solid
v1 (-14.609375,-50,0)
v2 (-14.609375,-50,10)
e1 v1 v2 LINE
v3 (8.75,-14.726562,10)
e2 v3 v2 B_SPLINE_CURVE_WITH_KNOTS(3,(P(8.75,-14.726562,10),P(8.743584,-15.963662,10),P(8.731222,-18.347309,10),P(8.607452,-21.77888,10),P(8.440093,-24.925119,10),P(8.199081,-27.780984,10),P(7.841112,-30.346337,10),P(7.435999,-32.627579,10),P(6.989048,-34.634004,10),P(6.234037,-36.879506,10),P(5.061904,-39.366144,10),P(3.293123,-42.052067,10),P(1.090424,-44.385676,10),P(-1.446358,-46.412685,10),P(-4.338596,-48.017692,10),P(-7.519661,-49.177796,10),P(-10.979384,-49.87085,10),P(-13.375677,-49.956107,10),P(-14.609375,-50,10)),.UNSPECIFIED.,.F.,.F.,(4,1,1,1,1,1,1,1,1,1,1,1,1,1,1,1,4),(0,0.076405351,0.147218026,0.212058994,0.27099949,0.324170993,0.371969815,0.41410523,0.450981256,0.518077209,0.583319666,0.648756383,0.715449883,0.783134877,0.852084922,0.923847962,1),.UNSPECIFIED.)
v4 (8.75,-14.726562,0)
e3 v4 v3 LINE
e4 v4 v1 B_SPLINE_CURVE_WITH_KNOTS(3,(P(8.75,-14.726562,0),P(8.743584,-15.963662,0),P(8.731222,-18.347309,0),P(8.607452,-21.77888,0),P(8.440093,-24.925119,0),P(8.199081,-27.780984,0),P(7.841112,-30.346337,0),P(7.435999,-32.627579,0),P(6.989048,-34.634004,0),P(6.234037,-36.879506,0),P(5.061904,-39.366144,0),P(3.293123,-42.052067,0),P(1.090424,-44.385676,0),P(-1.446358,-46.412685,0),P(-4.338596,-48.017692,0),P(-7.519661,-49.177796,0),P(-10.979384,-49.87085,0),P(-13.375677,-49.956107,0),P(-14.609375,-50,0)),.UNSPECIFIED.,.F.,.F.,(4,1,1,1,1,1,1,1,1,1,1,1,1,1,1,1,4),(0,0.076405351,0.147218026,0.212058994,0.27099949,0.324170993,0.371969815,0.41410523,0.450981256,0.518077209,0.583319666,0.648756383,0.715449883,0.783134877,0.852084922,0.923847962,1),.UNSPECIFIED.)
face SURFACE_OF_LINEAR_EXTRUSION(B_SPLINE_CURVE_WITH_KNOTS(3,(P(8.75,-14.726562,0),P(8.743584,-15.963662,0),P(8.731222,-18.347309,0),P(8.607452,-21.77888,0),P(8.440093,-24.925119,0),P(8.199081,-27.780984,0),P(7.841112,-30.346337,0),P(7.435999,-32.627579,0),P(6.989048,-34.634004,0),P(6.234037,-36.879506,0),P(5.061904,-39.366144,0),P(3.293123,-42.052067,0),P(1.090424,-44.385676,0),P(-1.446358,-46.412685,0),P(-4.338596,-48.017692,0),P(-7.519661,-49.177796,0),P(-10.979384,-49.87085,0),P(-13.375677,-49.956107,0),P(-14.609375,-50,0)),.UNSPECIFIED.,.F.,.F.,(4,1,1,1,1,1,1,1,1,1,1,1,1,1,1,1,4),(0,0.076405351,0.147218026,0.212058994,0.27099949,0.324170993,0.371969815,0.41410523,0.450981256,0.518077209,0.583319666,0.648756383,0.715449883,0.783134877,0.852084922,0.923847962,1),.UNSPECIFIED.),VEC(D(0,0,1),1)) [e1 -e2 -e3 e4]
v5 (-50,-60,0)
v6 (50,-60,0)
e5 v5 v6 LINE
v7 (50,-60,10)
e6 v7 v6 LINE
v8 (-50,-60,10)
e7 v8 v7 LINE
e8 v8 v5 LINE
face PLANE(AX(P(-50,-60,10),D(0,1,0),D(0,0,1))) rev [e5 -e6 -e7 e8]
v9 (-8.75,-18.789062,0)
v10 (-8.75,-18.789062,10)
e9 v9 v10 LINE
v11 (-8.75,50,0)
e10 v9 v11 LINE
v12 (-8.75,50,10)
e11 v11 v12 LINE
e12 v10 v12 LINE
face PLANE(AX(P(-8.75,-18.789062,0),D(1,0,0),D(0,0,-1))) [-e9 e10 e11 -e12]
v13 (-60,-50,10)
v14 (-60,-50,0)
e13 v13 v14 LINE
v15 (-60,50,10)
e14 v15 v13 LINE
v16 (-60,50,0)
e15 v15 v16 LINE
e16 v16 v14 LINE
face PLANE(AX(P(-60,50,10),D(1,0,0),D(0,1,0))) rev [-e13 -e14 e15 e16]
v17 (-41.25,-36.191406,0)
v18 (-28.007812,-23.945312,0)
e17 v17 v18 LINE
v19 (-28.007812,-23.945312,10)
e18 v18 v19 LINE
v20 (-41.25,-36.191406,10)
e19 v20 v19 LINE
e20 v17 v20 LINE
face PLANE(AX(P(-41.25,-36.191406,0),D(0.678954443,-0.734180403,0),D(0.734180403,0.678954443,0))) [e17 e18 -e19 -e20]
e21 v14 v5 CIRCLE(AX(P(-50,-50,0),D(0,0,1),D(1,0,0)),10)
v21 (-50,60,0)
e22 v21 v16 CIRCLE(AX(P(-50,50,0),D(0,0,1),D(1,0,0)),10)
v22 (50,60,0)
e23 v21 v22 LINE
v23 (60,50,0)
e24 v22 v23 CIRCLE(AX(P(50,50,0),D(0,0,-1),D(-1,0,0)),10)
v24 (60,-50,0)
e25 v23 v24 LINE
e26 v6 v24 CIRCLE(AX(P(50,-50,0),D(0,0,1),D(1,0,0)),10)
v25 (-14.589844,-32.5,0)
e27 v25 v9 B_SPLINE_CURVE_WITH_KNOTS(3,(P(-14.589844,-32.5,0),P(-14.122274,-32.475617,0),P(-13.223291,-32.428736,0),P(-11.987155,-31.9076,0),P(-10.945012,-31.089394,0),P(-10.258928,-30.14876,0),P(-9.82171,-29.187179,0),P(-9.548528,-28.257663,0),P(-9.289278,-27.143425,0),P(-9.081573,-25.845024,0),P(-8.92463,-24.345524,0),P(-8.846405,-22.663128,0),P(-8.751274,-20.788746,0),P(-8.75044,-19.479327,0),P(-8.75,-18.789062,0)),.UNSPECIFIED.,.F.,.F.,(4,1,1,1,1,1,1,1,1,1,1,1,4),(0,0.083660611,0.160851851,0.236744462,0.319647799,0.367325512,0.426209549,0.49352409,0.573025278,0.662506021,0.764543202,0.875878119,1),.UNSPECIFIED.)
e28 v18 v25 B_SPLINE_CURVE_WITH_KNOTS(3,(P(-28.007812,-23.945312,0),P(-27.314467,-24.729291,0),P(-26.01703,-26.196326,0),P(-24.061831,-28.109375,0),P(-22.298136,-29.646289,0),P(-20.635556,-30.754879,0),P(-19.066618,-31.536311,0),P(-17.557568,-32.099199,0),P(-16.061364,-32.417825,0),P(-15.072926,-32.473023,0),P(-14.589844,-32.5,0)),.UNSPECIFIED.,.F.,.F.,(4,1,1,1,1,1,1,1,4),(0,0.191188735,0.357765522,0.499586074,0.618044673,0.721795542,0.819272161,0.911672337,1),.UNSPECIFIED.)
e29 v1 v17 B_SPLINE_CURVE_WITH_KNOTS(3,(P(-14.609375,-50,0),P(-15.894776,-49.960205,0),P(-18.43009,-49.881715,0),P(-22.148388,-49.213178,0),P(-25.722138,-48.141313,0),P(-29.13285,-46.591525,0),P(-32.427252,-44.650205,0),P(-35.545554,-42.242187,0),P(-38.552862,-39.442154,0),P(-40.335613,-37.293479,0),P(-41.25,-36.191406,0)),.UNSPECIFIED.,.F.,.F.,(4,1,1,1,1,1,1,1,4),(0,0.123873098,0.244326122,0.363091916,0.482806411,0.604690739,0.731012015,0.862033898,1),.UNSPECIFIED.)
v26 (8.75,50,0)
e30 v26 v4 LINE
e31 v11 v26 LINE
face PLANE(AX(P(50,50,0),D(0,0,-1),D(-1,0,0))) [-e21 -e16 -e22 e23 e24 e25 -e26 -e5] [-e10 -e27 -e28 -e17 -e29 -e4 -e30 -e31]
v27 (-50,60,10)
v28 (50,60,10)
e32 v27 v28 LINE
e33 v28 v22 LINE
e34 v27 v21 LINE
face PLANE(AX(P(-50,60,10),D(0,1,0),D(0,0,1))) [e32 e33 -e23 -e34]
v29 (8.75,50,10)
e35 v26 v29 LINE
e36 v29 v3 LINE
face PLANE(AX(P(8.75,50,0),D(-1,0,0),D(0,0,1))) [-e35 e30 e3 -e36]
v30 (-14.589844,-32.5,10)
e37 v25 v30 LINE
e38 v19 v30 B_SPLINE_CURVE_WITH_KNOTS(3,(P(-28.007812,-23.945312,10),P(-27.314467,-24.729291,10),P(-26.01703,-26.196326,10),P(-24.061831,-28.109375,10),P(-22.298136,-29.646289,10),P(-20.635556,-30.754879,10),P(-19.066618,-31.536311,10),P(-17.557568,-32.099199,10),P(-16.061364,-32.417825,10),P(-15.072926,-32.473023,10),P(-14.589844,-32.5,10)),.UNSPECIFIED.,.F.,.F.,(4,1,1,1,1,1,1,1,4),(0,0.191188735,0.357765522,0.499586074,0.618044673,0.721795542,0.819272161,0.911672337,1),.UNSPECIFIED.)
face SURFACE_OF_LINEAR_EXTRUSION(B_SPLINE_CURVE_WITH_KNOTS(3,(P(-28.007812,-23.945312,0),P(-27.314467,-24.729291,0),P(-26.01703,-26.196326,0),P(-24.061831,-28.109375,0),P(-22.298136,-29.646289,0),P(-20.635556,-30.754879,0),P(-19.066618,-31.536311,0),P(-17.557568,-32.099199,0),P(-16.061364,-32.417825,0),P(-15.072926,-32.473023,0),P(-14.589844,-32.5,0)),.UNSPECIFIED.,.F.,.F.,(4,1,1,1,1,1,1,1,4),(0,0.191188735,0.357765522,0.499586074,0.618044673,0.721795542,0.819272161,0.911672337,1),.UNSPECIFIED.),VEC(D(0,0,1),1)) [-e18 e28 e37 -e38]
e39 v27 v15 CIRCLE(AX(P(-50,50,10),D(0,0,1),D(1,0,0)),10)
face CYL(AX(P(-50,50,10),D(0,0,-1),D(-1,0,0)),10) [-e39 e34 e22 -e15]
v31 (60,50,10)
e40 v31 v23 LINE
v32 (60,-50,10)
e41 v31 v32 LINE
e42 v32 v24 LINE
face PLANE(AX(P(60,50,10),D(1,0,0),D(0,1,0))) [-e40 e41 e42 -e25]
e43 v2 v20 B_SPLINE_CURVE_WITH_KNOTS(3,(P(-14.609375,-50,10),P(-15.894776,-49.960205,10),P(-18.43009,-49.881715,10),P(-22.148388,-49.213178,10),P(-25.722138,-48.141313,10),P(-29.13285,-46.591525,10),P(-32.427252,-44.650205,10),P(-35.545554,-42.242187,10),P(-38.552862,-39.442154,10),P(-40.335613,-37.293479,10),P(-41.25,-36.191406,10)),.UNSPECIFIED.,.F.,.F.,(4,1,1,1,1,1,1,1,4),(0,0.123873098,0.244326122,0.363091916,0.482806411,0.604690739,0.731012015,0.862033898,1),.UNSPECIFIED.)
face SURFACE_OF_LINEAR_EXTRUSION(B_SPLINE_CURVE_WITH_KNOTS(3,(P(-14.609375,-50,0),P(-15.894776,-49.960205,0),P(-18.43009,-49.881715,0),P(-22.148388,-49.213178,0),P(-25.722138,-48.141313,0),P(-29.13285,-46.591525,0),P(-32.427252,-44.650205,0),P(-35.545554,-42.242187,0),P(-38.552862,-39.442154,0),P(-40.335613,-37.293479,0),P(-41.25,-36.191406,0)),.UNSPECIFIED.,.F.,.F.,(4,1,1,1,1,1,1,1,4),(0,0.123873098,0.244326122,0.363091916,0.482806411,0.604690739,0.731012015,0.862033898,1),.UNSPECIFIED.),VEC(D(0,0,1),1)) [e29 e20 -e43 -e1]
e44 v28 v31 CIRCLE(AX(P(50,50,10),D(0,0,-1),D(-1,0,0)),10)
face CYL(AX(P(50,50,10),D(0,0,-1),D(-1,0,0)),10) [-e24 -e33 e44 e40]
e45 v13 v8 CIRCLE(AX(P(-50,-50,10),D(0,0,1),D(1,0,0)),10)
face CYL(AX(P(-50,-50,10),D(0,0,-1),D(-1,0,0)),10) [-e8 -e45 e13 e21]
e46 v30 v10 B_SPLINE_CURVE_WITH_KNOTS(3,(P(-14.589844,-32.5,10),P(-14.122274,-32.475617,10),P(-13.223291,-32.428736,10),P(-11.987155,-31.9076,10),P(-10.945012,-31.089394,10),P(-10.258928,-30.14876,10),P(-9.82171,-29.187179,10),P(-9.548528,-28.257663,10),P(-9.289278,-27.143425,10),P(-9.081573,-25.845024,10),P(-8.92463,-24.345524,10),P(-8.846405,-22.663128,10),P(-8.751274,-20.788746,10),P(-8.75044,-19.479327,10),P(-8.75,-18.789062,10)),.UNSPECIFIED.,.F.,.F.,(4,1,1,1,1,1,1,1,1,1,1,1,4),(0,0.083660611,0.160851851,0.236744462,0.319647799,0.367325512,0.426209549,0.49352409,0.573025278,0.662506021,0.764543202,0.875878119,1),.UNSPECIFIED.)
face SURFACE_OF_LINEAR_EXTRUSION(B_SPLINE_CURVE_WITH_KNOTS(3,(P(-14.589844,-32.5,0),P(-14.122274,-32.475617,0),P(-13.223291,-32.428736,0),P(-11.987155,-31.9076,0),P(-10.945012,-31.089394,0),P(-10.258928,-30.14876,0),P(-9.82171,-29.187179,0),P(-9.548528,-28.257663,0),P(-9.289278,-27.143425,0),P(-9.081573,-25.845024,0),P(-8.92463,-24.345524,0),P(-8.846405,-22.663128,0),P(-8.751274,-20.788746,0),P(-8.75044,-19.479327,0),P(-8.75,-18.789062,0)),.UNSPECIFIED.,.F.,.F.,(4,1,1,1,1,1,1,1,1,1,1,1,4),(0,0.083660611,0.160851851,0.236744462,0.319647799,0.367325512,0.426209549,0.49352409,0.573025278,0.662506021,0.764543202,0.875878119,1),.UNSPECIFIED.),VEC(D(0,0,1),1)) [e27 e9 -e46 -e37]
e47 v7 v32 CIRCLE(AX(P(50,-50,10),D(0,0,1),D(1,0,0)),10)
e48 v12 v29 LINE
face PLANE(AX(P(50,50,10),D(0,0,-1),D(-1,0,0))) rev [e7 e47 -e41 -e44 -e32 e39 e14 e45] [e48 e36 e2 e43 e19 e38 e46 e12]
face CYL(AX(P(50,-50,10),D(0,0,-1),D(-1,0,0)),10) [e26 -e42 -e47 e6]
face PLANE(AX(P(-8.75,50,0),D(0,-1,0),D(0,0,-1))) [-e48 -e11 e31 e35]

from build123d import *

# Parameters (mm, degrees)
BOSS_EXTRUDE1_DEPTH = 10
CUT_EXTRUDE23_DEPTH = 10


with BuildPart() as part:
    # Sketch1 → Boss-Extrude1 (new body)
    with BuildSketch(Plane.XY):
        with BuildLine():
            Line((-50, 60), (50, 60))
            ThreePointArc((50, 60), (57.071067812, 57.071067812), (60, 50))
            Line((60, 50), (60, -50))
            ThreePointArc((60, -50), (57.071067812, -57.071067812), (50, -60))
            Line((50, -60), (-50, -60))
            ThreePointArc((-50, -60), (-57.071067812, -57.071067812), (-60, -50))
            Line((-60, -50), (-60, 50))
            ThreePointArc((-60, 50), (-57.071067812, 57.071067812), (-50, 60))
        make_face()
    extrude(amount=BOSS_EXTRUDE1_DEPTH)

    # Sketch2 → Cut-Extrude23 (cut)
    with BuildSketch(Plane.XY.offset(10)):
        with BuildLine():
            Line((-8.75, 50), (8.75, 50))
            Line((8.75, 50), (8.75, -14.7265625))
            add(Edge.make_bspline(
                [(8.75, -14.7265625), (8.743583975, -15.963662149), (8.731221561, -18.347308928), (8.60745187, -21.778880386), (8.440093422, -24.925119282), (8.199081109, -27.780984325), (7.841111838, -30.346337414), (7.435999316, -32.627578869), (6.989047753, -34.634004111), (6.23403689, -36.879506107), (5.061904404, -39.366144137), (3.293123023, -42.05206658), (1.090424054, -44.385675502), (-1.446357574, -46.412684578), (-4.338596124, -48.017692334), (-7.51966122, -49.177796237), (-10.979383755, -49.870850344), (-13.375676653, -49.956106859), (-14.609375, -50)],
                knots=[0, 0, 0, 0, 1.22248561, 2.355488409, 3.392943897, 4.335991845, 5.186735882, 5.951517034, 6.625683685, 7.215700098, 8.28923535, 9.333114649, 10.380102123, 11.447198135, 12.530158036, 13.633358744, 14.781567393, 16, 16, 16, 16], degree=3))
            add(Edge.make_bspline(
                [(-14.609375, -50), (-15.894776413, -49.960205451), (-18.430089946, -49.88171506), (-22.148388349, -49.2131785), (-25.722137923, -48.141313235), (-29.13284997, -46.591524706), (-32.427252281, -44.650205179), (-35.545554474, -42.242187263), (-38.552862415, -39.442154155), (-40.33561292, -37.293479019), (-41.25, -36.19140625)],
                knots=[0, 0, 0, 0, 0.990984786, 1.954608977, 2.90473533, 3.862451285, 4.837525908, 5.848096122, 6.896271184, 8, 8, 8, 8], degree=3))
            Line((-41.25, -36.19140625), (-28.0078125, -23.9453125))
            add(Edge.make_bspline(
                [(-28.0078125, -23.9453125), (-27.314466509, -24.729291012), (-26.01702976, -26.196325573), (-24.061830829, -28.109374669), (-22.298136041, -29.64628881), (-20.635555645, -30.75487882), (-19.06661841, -31.53631102), (-17.557567552, -32.099198603), (-16.061363785, -32.417824942), (-15.072925956, -32.473022924), (-14.58984375, -32.5)],
                knots=[0, 0, 0, 0, 1.529509877, 2.862124173, 3.996688592, 4.944357383, 5.774364335, 6.554177287, 7.293378699, 8, 8, 8, 8], degree=3))
            add(Edge.make_bspline(
                [(-14.58984375, -32.5), (-14.122273945, -32.475616988), (-13.223290925, -32.428736471), (-11.987154797, -31.907600104), (-10.945012492, -31.089394098), (-10.25892751, -30.148760123), (-9.821709802, -29.187178965), (-9.548527937, -28.257662954), (-9.289277875, -27.143425185), (-9.081572506, -25.845024103), (-8.924629957, -24.345523841), (-8.846405442, -22.663128248), (-8.751274399, -20.78874592), (-8.750439906, -19.479327194), (-8.75, -18.7890625)],
                knots=[0, 0, 0, 0, 1.003927327, 1.930222208, 2.840933547, 3.835773585, 4.407906147, 5.114514582, 5.922289074, 6.876303333, 7.950072246, 9.174518422, 10.510537432, 12, 12, 12, 12], degree=3))
            Line((-8.75, -18.7890625), (-8.75, 50))
        make_face()
    extrude(amount=-CUT_EXTRUDE23_DEPTH, mode=Mode.SUBTRACT)


solid = part.part
